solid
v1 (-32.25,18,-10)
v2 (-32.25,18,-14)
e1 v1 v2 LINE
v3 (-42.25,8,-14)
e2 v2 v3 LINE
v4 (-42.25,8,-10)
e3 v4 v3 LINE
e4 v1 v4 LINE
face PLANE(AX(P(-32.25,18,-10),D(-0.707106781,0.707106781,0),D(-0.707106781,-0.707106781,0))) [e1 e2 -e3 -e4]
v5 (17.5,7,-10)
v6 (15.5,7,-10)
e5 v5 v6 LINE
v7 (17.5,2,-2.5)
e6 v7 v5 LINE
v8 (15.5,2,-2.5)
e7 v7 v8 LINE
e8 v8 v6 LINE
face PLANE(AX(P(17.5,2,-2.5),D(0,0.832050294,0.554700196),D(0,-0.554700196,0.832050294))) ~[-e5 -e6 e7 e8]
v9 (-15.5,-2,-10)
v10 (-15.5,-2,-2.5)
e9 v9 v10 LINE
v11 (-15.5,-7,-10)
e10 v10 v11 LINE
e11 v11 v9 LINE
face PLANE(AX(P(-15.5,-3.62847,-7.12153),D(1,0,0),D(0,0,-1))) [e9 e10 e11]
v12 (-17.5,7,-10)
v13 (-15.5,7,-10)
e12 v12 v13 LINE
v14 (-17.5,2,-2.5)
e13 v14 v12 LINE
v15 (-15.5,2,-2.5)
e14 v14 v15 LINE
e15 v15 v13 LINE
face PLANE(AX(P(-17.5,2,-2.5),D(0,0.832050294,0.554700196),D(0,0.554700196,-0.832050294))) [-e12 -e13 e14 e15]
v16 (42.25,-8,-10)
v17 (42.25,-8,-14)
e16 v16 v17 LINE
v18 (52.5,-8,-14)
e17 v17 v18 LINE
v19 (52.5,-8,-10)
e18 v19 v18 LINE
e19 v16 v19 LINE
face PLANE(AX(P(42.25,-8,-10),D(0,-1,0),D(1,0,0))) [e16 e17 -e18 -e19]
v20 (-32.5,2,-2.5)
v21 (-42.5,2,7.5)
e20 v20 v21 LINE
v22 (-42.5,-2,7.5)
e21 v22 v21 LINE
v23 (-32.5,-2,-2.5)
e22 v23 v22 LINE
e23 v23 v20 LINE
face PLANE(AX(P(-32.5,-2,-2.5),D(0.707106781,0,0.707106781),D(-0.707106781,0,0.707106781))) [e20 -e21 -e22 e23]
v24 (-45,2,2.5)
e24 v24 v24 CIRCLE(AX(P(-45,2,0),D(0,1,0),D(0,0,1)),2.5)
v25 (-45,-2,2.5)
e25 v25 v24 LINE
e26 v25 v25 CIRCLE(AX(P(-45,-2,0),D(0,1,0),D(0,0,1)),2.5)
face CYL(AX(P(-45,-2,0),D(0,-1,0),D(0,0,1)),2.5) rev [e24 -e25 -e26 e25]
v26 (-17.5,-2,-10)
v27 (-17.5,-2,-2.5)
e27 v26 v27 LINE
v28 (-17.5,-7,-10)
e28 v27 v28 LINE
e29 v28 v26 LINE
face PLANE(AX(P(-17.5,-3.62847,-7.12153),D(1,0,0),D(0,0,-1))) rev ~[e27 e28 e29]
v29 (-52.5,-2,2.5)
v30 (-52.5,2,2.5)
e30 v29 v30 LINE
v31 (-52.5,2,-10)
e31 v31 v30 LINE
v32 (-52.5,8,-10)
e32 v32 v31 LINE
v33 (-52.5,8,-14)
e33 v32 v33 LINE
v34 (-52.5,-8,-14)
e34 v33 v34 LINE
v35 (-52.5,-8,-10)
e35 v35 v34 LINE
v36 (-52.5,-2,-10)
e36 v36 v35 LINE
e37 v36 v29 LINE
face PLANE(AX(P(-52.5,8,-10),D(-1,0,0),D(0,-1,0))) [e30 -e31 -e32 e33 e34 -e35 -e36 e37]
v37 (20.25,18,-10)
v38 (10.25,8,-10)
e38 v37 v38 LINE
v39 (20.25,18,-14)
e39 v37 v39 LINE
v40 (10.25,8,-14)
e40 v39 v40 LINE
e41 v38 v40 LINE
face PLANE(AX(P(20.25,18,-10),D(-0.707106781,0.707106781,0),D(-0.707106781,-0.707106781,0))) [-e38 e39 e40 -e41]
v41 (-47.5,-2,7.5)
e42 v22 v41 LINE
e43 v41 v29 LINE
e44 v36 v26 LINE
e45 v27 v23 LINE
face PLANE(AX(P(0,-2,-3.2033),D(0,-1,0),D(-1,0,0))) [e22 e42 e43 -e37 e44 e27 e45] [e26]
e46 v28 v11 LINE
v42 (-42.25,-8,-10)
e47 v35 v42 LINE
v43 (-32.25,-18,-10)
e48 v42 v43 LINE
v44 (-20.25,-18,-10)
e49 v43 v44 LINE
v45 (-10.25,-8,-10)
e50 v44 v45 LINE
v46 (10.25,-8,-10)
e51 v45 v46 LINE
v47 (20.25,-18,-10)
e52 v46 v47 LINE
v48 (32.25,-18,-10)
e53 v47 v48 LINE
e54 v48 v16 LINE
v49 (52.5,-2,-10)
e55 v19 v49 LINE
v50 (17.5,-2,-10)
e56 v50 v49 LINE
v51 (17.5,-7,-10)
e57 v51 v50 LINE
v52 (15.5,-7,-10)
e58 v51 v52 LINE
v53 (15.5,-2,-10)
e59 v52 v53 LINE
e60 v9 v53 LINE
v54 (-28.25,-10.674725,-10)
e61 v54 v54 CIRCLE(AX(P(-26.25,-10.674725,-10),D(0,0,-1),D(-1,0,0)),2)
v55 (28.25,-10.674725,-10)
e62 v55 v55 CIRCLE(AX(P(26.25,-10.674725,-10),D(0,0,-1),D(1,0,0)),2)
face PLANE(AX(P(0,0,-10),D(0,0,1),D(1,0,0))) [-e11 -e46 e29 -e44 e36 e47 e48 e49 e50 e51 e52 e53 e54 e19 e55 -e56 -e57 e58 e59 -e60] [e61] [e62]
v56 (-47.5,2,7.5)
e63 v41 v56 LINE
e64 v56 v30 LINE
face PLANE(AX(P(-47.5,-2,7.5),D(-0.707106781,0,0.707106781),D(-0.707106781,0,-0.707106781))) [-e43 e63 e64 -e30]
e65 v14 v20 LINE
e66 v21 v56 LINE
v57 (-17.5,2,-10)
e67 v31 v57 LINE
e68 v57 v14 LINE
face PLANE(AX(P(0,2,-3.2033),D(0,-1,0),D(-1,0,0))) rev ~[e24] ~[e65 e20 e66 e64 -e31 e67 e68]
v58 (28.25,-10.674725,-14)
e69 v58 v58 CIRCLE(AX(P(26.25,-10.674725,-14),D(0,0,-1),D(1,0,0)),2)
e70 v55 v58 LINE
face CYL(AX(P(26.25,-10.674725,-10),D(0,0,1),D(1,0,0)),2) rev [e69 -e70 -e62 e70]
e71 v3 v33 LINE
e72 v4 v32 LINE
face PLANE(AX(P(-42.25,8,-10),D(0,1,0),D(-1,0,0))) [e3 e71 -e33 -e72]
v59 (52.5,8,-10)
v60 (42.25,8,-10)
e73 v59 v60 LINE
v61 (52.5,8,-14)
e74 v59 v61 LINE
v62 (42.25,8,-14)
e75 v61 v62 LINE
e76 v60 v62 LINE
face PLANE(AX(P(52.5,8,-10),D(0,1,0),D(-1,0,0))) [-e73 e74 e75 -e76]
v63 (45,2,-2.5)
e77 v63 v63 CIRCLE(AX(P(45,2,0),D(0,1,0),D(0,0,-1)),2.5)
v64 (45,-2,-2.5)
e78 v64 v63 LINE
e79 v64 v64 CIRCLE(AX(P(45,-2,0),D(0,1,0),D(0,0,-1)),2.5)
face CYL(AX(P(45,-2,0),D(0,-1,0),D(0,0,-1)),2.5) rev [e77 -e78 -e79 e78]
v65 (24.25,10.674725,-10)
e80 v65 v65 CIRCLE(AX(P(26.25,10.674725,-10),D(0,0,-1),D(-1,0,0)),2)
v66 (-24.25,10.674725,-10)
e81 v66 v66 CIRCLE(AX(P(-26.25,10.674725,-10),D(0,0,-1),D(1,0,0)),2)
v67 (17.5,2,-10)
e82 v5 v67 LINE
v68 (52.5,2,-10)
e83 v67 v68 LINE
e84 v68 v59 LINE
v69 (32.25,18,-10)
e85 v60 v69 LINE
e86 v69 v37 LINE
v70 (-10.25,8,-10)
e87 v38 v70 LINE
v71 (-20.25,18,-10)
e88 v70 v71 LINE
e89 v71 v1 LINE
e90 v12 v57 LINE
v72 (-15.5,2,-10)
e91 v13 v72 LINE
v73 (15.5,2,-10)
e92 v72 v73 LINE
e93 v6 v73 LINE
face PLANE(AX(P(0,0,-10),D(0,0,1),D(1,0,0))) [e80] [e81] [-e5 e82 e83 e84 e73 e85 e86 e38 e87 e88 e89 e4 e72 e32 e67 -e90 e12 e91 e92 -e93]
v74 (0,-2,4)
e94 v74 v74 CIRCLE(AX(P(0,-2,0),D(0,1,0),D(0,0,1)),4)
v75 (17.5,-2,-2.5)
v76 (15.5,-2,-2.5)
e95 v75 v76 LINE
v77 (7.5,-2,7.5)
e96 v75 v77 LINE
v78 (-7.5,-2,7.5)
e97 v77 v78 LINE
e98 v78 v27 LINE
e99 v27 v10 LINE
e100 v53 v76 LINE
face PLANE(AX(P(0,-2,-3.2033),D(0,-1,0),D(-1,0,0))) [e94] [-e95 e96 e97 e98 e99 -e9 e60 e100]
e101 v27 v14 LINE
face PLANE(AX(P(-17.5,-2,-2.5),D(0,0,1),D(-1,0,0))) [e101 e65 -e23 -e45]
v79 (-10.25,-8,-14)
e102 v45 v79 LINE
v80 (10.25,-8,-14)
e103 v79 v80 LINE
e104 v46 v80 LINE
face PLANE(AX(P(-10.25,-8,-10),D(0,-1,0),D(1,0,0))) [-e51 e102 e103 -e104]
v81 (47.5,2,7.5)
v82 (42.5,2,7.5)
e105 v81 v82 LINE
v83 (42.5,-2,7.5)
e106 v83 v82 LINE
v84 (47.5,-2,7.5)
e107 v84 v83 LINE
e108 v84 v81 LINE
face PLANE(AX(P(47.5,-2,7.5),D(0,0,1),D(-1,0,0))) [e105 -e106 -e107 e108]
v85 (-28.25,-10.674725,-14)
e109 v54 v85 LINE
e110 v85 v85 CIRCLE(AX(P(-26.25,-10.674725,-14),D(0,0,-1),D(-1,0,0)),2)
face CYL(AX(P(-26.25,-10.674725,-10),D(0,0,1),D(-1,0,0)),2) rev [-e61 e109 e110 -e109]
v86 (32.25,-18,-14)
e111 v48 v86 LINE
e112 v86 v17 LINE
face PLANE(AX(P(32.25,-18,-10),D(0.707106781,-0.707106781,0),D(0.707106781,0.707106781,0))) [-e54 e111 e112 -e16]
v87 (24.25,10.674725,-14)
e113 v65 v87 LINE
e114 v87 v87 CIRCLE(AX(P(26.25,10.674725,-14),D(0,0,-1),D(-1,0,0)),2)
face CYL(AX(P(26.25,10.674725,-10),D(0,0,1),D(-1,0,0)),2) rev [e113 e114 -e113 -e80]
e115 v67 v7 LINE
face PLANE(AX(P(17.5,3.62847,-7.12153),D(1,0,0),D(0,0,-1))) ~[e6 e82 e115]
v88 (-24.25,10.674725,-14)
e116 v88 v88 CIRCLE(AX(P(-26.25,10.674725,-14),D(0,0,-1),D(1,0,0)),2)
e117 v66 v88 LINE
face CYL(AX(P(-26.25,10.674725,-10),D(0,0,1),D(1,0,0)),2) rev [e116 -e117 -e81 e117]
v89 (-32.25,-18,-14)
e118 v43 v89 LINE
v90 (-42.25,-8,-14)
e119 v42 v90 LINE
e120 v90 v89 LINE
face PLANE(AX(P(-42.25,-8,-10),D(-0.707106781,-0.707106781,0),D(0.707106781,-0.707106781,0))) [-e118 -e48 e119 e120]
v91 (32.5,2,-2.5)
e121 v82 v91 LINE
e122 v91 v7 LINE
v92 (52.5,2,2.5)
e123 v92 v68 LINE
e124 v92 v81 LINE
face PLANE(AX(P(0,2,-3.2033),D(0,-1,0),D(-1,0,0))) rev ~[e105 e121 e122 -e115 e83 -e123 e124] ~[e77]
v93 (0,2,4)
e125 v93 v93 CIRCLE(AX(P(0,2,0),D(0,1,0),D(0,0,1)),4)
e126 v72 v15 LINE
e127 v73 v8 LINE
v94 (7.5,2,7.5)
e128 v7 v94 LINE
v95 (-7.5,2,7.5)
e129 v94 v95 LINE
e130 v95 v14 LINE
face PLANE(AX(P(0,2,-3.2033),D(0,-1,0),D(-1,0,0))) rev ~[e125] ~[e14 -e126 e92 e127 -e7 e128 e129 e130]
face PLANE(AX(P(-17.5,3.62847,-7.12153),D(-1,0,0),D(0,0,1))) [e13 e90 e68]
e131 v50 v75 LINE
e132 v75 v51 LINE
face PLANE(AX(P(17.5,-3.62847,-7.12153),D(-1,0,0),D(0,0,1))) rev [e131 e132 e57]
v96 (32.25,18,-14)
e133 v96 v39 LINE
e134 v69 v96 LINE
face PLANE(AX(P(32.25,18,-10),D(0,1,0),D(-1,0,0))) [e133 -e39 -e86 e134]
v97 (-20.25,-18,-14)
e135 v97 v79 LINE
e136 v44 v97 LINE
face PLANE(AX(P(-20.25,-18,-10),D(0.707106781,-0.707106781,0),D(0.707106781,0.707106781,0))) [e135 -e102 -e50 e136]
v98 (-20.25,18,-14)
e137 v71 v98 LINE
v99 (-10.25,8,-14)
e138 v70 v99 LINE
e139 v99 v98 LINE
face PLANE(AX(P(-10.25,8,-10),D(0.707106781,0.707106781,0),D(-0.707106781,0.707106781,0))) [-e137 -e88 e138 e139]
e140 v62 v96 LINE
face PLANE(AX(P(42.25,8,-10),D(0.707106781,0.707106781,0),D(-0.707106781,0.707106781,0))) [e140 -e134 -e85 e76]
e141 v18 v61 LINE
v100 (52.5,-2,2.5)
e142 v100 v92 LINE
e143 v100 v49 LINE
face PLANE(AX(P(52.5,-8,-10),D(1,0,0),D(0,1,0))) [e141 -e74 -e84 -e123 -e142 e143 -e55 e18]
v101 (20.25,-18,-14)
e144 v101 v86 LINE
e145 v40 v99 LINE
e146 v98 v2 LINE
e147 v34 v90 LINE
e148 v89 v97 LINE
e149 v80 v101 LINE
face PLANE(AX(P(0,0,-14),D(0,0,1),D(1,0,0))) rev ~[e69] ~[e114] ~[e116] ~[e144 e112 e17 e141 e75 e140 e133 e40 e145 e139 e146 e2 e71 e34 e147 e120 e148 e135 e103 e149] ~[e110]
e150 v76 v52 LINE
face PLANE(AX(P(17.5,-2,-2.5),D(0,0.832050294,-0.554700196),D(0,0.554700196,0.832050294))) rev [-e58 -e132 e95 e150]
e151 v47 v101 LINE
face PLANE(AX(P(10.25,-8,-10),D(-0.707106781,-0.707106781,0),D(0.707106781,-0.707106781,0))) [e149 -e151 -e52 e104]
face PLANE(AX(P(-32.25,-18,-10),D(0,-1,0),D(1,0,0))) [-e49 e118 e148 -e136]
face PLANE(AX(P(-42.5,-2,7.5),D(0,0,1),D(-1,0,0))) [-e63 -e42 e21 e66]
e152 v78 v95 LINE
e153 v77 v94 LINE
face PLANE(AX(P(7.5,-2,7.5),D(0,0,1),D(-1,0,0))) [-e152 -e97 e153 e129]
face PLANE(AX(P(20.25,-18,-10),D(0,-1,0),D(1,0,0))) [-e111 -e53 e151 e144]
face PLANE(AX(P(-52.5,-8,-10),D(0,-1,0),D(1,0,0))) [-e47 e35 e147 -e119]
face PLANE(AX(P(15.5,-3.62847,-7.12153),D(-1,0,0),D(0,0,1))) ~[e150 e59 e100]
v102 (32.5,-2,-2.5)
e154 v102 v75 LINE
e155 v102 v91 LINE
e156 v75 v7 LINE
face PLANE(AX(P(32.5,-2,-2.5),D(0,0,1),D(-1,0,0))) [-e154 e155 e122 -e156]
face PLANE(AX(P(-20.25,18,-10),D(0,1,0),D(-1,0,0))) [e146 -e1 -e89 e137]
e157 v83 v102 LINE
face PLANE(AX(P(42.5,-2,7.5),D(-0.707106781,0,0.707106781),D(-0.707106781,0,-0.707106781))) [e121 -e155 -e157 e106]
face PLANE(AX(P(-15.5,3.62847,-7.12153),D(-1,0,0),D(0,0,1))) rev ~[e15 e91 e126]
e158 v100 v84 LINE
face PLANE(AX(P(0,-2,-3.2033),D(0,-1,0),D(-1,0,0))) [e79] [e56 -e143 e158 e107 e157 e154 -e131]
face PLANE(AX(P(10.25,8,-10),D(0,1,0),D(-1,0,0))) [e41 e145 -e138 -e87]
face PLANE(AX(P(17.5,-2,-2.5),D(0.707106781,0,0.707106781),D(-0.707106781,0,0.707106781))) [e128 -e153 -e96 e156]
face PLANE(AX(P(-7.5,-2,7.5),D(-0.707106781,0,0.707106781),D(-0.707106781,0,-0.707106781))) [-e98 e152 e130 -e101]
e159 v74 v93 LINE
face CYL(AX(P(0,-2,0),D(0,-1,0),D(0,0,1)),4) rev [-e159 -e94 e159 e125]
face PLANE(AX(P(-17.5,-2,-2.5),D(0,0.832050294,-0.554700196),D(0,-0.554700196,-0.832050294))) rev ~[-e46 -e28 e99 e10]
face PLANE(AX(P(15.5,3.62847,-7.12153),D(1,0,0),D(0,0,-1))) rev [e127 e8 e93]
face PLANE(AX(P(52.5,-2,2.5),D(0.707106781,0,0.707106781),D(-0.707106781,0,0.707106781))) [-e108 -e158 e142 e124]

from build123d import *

# Parameters (mm, degrees)
BOSS_EXTRUDE1_DEPTH      = 2
BOSS_EXTRUDE1_DEPTH_BACK = 2
SKETCH2_R                = 4
SKETCH2_R_2              = 2.5
SKETCH4_R                = 2
BOSS_EXTRUDE2_DEPTH      = 4
BOSS_EXTRUDE3_DEPTH      = 2


with BuildPart() as part:
    # Sketch2 → Boss-Extrude1 (new, two sides: drawn at the far end of the back side and taken through both)
    with BuildSketch(Plane(origin=(0, 0, 0), x_dir=(1, 0, 0), z_dir=(0, 1, 0)).offset(-BOSS_EXTRUDE1_DEPTH_BACK)):
        Polygon((-52.5, 10), (52.5, 10), (52.5, 0), (52.5, -2.5), (47.5, -7.5), (42.5, -7.5), (32.5, 2.5), (17.5, 2.5), (7.5, -7.5), (-7.5, -7.5), (-17.5, 2.5), (-32.5, 2.5), (-42.5, -7.5), (-47.5, -7.5), (-52.5, -2.5), (-52.5, 0), align=None)
        Circle(SKETCH2_R, mode=Mode.SUBTRACT)
        with Locations((-45, 0)):
            Circle(SKETCH2_R_2, mode=Mode.SUBTRACT)
        with Locations((45, 0)):
            Circle(SKETCH2_R_2, mode=Mode.SUBTRACT)
    extrude(amount=BOSS_EXTRUDE1_DEPTH + BOSS_EXTRUDE1_DEPTH_BACK)

    # Sketch4 → Boss-Extrude2 (add)
    with BuildSketch(Plane(origin=(0, 0, -10), x_dir=(-1, 0, 0), z_dir=(0, 0, -1))):
        Polygon((52.5, -8), (42.25, -8), (32.25, -18), (20.25, -18), (10.25, -8), (-10.25, -8), (-20.25, -18), (-32.25, -18), (-42.25, -8), (-52.5, -8), (-52.5, 8), (-42.25, 8), (-32.25, 18), (-20.25, 18), (-10.25, 8), (10.25, 8), (20.25, 18), (32.25, 18), (42.25, 8), (52.5, 8), align=None)
        with Locations((26.25, -10.674724776)):
            Circle(SKETCH4_R, mode=Mode.SUBTRACT)
        with Locations((-26.25, -10.674724776)):
            Circle(SKETCH4_R, mode=Mode.SUBTRACT)
        with Locations((-26.25, 10.674724776)):
            Circle(SKETCH4_R, mode=Mode.SUBTRACT)
        with Locations((26.25, 10.674724776)):
            Circle(SKETCH4_R, mode=Mode.SUBTRACT)
    extrude(amount=BOSS_EXTRUDE2_DEPTH)

    # Sketch5 → Boss-Extrude3 (add)
    with BuildSketch(Plane.ZY.offset(17.5)):
        Polygon((-10, 7), (-10, 2), (-2.5, 2), align=None)
        Polygon((-2.5, -2), (-10, -7), (-10, -2), align=None)
    boss_extrude3 = extrude(amount=-BOSS_EXTRUDE3_DEPTH)

    # Mirror1: Boss-Extrude3 across plane
    add(boss_extrude3.mirror(Plane(origin=(0, 0, 0), x_dir=(0, 0, 1), z_dir=(1, 0, 0))))


solid = part.part
